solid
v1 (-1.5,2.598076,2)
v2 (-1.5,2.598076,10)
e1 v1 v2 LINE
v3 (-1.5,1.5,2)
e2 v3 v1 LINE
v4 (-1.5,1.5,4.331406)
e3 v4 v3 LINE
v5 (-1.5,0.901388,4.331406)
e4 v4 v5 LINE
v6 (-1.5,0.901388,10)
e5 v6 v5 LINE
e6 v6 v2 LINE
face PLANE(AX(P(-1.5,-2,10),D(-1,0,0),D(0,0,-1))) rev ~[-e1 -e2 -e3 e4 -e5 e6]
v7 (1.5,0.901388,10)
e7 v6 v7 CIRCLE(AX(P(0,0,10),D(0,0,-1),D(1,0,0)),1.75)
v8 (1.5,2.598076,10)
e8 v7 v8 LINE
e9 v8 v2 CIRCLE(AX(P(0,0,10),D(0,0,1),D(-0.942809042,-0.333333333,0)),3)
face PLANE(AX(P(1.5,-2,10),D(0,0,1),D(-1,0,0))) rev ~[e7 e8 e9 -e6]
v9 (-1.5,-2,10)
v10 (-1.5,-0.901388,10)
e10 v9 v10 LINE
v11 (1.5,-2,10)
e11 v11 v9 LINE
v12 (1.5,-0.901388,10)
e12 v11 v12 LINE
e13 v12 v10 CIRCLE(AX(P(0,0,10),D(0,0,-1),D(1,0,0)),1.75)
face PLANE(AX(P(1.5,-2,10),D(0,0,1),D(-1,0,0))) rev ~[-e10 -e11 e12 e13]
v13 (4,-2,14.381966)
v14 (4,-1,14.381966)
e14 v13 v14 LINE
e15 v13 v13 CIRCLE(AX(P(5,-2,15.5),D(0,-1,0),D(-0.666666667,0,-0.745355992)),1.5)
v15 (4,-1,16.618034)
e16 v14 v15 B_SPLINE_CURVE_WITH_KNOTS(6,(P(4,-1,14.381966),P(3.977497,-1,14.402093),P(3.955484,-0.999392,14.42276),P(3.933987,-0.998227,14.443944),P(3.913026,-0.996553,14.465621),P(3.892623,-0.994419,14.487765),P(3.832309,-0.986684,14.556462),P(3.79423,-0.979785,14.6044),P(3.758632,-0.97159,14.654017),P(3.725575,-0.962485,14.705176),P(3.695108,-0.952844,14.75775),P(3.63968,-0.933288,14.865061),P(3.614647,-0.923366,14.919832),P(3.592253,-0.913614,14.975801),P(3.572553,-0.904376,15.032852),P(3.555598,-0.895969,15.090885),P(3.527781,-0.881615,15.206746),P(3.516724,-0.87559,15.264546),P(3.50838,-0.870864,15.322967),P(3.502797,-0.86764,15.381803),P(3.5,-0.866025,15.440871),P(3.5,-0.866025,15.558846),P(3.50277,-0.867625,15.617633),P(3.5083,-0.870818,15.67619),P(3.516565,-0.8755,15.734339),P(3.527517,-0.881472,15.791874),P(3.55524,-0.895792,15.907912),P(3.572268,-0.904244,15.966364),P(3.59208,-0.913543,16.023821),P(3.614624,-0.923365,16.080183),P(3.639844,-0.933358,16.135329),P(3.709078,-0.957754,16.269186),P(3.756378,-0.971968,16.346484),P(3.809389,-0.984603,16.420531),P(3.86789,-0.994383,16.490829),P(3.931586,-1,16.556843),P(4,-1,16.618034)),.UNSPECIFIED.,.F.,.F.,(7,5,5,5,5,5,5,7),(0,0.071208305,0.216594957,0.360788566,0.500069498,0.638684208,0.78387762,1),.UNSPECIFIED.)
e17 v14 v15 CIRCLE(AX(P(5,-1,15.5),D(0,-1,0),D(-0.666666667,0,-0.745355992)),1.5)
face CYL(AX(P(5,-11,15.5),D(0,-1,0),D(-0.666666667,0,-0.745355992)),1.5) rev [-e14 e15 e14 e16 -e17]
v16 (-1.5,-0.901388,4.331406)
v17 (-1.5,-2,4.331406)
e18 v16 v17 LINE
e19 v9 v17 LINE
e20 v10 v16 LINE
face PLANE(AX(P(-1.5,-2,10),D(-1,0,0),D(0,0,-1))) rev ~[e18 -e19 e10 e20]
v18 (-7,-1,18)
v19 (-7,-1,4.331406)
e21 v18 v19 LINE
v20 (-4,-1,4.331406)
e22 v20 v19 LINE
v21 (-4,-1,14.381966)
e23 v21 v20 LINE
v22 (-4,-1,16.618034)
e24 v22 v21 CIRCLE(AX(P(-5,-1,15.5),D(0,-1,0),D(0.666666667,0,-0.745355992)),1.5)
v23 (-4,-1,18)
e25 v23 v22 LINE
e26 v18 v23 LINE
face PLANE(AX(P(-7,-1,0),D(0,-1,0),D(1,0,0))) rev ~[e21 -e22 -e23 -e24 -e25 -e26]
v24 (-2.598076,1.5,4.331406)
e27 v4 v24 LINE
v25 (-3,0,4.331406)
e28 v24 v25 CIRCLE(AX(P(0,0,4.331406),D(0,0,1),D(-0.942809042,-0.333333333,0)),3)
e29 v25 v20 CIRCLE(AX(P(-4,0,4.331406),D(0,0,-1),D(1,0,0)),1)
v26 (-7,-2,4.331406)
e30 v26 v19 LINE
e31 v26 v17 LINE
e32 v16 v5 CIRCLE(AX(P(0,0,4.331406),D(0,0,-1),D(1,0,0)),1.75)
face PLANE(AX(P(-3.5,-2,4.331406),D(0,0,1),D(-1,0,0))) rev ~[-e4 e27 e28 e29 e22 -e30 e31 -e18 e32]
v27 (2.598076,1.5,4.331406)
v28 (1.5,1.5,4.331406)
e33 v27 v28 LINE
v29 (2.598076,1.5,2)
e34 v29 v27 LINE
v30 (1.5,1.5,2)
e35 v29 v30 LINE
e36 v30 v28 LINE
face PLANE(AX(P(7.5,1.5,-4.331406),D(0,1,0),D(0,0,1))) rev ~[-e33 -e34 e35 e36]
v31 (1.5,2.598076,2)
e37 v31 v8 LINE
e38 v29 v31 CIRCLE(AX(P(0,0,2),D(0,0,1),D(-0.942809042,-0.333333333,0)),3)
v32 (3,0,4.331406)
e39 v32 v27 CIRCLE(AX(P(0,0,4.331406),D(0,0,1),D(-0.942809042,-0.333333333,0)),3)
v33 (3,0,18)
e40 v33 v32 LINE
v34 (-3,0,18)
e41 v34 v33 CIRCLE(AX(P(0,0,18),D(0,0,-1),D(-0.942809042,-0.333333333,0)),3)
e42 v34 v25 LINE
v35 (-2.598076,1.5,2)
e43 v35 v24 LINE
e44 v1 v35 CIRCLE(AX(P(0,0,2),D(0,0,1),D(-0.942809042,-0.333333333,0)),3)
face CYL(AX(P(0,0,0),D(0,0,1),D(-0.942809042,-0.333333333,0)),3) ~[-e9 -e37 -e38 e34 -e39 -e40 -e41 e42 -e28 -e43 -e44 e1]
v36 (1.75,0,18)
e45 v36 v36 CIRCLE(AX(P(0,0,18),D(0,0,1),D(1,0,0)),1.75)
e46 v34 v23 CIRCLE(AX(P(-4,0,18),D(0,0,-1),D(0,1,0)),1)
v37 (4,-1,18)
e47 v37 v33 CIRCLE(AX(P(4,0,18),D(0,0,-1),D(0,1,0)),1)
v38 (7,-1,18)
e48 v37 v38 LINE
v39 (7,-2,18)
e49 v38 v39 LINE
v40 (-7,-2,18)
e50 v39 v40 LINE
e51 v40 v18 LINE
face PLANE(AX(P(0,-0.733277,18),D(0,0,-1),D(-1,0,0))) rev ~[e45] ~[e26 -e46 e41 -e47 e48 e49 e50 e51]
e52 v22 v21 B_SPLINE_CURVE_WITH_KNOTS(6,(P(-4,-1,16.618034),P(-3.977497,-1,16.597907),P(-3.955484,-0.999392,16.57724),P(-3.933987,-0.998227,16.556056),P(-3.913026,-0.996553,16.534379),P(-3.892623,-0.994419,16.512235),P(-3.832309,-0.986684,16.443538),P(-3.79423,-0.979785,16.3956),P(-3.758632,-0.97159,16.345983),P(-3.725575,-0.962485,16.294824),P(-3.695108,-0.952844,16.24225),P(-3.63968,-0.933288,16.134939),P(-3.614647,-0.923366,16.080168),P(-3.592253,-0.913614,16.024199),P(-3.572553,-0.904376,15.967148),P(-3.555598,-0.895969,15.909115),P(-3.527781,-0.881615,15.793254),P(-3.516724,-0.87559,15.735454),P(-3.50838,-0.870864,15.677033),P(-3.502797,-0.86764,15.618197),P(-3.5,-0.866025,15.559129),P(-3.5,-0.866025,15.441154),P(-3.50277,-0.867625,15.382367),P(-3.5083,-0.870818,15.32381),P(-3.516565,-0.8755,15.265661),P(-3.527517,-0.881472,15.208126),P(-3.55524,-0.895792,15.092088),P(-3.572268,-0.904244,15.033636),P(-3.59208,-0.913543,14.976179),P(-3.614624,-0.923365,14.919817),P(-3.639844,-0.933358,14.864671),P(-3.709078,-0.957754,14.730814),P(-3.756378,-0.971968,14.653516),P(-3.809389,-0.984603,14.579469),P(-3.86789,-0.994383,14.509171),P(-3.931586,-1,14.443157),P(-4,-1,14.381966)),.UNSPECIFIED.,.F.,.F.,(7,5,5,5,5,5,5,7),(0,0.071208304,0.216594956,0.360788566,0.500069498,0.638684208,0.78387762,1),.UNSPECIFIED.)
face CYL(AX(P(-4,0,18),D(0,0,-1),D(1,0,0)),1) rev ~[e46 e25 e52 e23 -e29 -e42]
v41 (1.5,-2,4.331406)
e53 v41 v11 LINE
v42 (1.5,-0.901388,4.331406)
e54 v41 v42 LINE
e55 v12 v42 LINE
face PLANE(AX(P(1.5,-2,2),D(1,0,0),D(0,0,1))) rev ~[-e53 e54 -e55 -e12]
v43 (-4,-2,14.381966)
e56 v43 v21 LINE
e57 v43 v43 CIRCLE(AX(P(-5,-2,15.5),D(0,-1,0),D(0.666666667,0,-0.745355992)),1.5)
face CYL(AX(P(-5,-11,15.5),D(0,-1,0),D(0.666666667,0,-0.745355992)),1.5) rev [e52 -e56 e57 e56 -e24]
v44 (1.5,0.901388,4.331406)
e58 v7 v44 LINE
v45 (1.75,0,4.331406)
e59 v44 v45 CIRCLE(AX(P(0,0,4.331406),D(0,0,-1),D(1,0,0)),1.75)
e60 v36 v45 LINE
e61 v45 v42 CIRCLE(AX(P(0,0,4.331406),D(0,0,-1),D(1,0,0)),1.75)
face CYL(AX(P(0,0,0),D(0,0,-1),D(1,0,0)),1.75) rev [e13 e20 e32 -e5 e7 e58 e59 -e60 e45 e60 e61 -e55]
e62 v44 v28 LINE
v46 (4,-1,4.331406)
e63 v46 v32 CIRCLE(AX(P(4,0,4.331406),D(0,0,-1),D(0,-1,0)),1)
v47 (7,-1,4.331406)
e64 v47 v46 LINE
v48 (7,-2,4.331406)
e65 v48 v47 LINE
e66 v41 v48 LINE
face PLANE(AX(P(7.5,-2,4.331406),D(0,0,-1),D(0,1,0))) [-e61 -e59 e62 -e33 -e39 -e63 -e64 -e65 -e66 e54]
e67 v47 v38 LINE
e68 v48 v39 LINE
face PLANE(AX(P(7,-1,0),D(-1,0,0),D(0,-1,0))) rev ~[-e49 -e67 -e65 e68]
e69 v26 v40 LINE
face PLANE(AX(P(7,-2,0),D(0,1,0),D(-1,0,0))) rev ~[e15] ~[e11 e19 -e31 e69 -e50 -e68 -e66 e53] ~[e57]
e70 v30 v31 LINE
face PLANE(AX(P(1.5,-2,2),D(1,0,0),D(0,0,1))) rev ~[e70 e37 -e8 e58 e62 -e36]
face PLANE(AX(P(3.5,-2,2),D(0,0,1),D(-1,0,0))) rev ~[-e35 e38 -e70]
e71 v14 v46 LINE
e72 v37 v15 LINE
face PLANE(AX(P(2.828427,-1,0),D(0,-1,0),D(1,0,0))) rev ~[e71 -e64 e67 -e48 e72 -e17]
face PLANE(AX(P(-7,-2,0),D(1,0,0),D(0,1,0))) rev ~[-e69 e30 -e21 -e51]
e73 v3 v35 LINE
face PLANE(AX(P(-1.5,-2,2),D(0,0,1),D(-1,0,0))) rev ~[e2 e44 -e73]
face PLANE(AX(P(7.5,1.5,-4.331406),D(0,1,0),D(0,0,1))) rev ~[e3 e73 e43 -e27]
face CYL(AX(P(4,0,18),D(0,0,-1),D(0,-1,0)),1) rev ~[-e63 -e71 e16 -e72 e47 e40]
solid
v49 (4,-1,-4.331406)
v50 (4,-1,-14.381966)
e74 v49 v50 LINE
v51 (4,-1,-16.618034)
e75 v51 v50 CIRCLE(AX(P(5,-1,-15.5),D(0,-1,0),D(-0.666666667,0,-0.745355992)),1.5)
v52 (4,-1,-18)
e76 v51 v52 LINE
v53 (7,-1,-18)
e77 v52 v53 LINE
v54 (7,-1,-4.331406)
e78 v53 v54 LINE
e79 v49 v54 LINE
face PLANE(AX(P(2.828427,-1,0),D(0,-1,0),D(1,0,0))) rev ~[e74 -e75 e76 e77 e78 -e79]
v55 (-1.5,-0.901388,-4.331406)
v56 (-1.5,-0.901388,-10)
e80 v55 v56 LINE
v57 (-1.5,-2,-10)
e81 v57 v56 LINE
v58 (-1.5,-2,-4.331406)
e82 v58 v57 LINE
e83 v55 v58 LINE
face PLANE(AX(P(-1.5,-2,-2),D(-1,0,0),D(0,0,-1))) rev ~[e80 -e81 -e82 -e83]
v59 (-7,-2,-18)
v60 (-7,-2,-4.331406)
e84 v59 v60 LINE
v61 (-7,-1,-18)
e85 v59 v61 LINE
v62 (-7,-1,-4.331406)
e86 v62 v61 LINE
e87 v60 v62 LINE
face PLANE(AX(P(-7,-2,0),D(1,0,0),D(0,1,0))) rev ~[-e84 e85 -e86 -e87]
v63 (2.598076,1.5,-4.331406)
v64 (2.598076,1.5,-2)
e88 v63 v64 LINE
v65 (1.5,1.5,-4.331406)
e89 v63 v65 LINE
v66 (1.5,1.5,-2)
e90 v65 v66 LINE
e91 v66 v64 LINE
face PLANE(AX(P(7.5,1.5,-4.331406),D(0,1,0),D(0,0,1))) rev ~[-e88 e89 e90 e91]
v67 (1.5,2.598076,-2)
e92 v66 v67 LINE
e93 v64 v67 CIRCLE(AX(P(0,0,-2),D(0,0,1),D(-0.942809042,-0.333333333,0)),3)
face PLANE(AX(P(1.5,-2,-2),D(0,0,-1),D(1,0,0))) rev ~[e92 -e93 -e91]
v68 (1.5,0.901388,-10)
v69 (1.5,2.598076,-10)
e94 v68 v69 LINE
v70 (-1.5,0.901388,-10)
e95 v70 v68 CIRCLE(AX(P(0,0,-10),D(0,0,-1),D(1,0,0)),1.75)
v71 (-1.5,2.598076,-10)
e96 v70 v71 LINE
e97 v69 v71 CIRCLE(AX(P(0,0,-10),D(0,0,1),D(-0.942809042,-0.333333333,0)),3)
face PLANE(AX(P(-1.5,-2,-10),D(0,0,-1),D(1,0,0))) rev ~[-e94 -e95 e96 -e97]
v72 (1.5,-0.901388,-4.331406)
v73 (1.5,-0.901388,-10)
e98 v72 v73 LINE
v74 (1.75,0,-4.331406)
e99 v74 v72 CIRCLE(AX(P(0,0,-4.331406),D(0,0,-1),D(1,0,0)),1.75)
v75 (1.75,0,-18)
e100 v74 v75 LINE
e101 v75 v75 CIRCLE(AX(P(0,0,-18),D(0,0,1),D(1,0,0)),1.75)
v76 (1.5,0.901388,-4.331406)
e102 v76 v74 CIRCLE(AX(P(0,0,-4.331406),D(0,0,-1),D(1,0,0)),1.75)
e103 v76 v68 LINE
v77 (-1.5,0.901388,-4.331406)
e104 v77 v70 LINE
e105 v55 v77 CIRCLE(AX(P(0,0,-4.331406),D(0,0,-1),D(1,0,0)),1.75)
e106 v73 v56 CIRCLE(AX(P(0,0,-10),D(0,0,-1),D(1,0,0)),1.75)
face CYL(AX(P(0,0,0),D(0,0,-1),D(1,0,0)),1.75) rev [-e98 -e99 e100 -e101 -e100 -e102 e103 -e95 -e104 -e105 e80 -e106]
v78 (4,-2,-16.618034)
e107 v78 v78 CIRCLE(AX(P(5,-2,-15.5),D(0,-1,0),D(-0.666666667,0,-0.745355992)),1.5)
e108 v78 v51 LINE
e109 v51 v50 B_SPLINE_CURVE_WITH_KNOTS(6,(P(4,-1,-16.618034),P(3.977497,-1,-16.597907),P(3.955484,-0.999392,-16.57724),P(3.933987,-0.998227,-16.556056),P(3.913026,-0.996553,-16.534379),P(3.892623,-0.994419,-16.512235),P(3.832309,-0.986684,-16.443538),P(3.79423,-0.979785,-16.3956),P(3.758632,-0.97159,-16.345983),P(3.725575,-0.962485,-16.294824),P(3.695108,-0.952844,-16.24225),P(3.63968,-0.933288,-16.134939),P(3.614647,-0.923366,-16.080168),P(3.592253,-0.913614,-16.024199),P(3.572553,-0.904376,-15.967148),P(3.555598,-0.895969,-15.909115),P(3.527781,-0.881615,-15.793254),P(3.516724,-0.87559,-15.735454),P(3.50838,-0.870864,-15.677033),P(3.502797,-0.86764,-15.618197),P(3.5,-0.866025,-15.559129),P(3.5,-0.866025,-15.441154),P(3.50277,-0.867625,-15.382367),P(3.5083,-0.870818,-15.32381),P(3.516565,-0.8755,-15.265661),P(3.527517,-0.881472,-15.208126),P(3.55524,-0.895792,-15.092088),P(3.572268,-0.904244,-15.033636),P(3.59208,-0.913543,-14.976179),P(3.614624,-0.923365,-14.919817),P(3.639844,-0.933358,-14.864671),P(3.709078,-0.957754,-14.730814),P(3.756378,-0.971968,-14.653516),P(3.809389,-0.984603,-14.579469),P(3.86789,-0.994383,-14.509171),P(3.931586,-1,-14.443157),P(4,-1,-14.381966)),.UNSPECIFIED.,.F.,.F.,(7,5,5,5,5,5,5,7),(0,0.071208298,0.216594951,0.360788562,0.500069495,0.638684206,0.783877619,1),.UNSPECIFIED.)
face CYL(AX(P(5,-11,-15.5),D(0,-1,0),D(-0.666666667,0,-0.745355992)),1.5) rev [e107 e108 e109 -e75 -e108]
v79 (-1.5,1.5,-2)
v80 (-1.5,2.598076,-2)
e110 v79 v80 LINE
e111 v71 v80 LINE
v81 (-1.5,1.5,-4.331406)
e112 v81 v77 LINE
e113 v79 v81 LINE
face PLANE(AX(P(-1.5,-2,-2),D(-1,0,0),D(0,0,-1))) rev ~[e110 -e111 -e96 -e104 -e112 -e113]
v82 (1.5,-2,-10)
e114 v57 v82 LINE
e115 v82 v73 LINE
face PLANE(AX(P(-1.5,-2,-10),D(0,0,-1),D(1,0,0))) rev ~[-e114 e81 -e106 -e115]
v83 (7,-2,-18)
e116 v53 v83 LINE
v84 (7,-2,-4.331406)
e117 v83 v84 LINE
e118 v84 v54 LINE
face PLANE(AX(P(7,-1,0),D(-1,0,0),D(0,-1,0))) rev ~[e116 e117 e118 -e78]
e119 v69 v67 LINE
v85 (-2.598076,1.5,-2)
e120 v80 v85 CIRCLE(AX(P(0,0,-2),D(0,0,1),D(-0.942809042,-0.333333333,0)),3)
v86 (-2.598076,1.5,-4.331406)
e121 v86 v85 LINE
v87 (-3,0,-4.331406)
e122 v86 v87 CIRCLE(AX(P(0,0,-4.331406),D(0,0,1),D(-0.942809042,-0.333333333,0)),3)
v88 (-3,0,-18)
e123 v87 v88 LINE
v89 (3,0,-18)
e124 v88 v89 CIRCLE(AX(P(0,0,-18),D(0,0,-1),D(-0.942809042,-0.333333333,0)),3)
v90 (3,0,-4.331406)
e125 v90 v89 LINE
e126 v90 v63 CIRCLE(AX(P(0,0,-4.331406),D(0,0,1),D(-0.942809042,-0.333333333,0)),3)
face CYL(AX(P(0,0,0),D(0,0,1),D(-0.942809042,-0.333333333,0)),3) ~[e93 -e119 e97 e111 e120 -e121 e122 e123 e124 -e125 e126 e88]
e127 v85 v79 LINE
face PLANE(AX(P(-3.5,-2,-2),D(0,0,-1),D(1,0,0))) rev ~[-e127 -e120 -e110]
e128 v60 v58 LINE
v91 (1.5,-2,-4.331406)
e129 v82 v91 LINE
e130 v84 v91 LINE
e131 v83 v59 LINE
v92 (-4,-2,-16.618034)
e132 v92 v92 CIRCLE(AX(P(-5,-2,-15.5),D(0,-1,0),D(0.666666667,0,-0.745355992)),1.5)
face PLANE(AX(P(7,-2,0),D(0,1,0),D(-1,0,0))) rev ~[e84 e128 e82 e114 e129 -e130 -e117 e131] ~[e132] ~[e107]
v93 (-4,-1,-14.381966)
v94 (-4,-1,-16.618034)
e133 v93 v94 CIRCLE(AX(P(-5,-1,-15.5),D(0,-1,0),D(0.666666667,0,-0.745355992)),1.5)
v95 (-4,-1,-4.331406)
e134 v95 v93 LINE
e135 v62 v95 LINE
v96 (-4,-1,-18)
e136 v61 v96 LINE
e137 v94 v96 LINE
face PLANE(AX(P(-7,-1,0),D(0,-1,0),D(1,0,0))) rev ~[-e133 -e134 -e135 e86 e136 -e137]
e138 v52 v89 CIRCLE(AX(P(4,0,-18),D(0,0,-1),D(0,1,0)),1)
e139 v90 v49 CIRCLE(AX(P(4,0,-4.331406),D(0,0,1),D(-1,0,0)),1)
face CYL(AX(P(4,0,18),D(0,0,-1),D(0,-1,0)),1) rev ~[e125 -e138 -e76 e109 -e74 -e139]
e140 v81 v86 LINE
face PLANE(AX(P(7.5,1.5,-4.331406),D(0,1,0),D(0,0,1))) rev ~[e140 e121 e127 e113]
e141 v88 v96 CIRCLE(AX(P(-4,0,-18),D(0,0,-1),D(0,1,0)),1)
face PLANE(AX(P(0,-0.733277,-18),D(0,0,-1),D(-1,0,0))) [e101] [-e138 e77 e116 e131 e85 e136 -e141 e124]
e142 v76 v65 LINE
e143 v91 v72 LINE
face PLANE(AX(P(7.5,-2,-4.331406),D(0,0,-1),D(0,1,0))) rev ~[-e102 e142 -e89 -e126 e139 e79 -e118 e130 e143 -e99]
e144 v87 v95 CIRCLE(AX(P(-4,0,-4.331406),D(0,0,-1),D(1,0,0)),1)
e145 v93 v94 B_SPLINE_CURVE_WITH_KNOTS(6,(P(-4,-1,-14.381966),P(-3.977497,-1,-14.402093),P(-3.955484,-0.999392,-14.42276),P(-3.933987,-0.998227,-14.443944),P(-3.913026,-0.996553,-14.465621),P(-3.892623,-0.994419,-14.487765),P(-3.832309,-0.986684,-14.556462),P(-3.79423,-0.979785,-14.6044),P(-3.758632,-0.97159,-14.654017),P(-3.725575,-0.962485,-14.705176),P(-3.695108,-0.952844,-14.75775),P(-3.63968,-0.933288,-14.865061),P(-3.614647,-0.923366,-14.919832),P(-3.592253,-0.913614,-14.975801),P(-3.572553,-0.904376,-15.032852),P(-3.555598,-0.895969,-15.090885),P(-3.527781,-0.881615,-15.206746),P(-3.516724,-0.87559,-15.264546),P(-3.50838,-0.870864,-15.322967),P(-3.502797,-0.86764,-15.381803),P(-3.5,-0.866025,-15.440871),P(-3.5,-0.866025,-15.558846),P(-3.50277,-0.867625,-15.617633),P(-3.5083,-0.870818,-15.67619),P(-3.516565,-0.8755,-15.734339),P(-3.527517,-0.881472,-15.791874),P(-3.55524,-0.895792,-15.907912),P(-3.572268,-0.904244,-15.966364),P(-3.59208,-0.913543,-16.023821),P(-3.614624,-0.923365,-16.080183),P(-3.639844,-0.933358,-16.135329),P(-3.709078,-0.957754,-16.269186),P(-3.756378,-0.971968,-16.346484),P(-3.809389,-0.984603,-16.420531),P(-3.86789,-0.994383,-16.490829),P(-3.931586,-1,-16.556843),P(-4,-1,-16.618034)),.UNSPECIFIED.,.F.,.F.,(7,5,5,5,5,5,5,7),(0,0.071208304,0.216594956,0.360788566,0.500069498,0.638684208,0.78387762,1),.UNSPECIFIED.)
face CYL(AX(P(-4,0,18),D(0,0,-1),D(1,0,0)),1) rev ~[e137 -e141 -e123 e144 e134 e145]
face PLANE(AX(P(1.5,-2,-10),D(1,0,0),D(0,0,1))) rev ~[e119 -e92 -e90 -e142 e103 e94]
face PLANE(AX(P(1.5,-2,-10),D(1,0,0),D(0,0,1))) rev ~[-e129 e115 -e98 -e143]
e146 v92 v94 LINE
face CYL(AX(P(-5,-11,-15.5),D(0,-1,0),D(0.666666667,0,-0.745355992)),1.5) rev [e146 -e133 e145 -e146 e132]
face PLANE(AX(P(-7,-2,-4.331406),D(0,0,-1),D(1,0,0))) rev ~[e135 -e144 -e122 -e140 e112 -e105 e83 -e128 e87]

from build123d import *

# Parameters (mm, degrees)
IZIM1_R                     = 1.75
Y_KSEKLIK_EKSTR_ZYON1_DEPTH = 18
RADYUS1_R                   = 1
KES_EKSTR_ZYON3_DEPTH       = 11
KES_EKSTR_ZYON3_DEPTH_BACK  = 10
IZIM3_R                     = 1.5
KES_EKSTR_ZYON4_DEPTH       = 10
KES_EKSTR_ZYON5_DEPTH       = 13
KES_EKSTR_ZYON5_DEPTH_BACK  = 11
IZIM6_W                     = 8.662812744
IZIM6_H                     = 3.5


with BuildPart() as part:
    # Çizim1 → Yükseklik-Ekstrüzyon1 (new, symmetric)
    with BuildSketch(Plane.XY):
        with BuildLine():
            Line((-7, -2), (-7, -1))
            Line((-7, -1), (-2.828427125, -1))
            ThreePointArc((-2.828427125, -1), (0, 3), (2.828427125, -1))
            Line((2.828427125, -1), (7, -1))
            Line((7, -1), (7, -2))
            Line((7, -2), (-7, -2))
        make_face()
        Circle(IZIM1_R, mode=Mode.SUBTRACT)
    extrude(amount=Y_KSEKLIK_EKSTR_ZYON1_DEPTH, both=True)

    # Radyus1
    radyus1_edges = [part.edges().sort_by_distance(p)[0] for p in [
        (2.828427125, -1, 0),
        (-2.828427125, -1, 0),
    ]]
    fillet(radyus1_edges, radius=RADYUS1_R)

    # Çizim3 → Kes-Ekstrüzyon3 (cut, two sides: drawn at the far end of the back side and taken through both)
    with BuildSketch(Plane(origin=(0, -1, 0), x_dir=(1, 0, 0), z_dir=(0, 1, 0)).offset(-KES_EKSTR_ZYON3_DEPTH_BACK)):
        with Locations(Location((-5, -15.5, 0), (0, 0, 48.189685104))):
            Circle(IZIM3_R)
        with Locations(Location((5, -15.5, 0), (0, 0, 131.810314896))):
            Circle(IZIM3_R)
        with Locations(Location((5, 15.5, 0), (0, 0, 131.810314896))):
            Circle(IZIM3_R)
        with Locations(Location((-5, 15.5, 0), (0, 0, 48.189685104))):
            Circle(IZIM3_R)
    extrude(amount=KES_EKSTR_ZYON3_DEPTH + KES_EKSTR_ZYON3_DEPTH_BACK, mode=Mode.SUBTRACT)

    # Çizim5 → Kes-Ekstrüzyon4 (cut)
    with BuildSketch(Plane.XZ.offset(2)):
        Polygon((-1.5, -10), (0, -10), (0, 10), (-1.5, 10), (-1.5, 2), (-3.5, 2), (-3.5, 4.331406372), (-7, 4.331406372), (-7, -4.331406372), (-3.5, -4.331406372), (-3.5, -2), (-1.5, -2), align=None)
        Polygon((0, 10), (0, -10), (1.5, -10), (1.5, -2), (3.5, -2), (3.5, -4.331406372), (7, -4.331406372), (7, 4.331406372), (3.5, 4.331406372), (3.5, 2), (1.5, 2), (1.5, 10), align=None)
    extrude(amount=-KES_EKSTR_ZYON4_DEPTH, mode=Mode.SUBTRACT)


with BuildPart() as kes_ekstr_zyon4_piece_1:
    # of the separate pieces the step leaves, piece 1, a body of its own (kes_ekstr_zyon4_pieces)
    add(part.part.solids().sort_by_distance((-4, -1, -18))[0])


with BuildPart() as kes_ekstr_zyon4_piece_2:
    # of the separate pieces the step leaves, piece 2, a body of its own (kes_ekstr_zyon4_pieces)
    add(part.part.solids().sort_by_distance((-4, -1, 18))[0])


with BuildPart() as kes_ekstr_zyon5_tool:
    # Çizim6 → Kes-Ekstrüzyon5 (new, two sides: drawn at the far end of the back side and taken through both)
    with BuildSketch(Plane.ZY.offset(3.5).offset(-KES_EKSTR_ZYON5_DEPTH_BACK)):
        with Locations((0, -0.25)):
            Rectangle(IZIM6_W, IZIM6_H)
    extrude(amount=KES_EKSTR_ZYON5_DEPTH + KES_EKSTR_ZYON5_DEPTH_BACK)


with BuildPart() as kes_ekstr_zyon4_piece_1_1:
    add(kes_ekstr_zyon4_piece_1.part)

    # Kes-Ekstrüzyon5: cut by kes_ekstr_zyon5_tool
    add(kes_ekstr_zyon5_tool.part, mode=Mode.SUBTRACT)


with BuildPart() as kes_ekstr_zyon4_piece_2_1:
    add(kes_ekstr_zyon4_piece_2.part)

    # Kes-Ekstrüzyon5: cut by kes_ekstr_zyon5_tool
    add(kes_ekstr_zyon5_tool.part, mode=Mode.SUBTRACT)


solid = Compound([kes_ekstr_zyon4_piece_1_1.part, kes_ekstr_zyon4_piece_2_1.part])
